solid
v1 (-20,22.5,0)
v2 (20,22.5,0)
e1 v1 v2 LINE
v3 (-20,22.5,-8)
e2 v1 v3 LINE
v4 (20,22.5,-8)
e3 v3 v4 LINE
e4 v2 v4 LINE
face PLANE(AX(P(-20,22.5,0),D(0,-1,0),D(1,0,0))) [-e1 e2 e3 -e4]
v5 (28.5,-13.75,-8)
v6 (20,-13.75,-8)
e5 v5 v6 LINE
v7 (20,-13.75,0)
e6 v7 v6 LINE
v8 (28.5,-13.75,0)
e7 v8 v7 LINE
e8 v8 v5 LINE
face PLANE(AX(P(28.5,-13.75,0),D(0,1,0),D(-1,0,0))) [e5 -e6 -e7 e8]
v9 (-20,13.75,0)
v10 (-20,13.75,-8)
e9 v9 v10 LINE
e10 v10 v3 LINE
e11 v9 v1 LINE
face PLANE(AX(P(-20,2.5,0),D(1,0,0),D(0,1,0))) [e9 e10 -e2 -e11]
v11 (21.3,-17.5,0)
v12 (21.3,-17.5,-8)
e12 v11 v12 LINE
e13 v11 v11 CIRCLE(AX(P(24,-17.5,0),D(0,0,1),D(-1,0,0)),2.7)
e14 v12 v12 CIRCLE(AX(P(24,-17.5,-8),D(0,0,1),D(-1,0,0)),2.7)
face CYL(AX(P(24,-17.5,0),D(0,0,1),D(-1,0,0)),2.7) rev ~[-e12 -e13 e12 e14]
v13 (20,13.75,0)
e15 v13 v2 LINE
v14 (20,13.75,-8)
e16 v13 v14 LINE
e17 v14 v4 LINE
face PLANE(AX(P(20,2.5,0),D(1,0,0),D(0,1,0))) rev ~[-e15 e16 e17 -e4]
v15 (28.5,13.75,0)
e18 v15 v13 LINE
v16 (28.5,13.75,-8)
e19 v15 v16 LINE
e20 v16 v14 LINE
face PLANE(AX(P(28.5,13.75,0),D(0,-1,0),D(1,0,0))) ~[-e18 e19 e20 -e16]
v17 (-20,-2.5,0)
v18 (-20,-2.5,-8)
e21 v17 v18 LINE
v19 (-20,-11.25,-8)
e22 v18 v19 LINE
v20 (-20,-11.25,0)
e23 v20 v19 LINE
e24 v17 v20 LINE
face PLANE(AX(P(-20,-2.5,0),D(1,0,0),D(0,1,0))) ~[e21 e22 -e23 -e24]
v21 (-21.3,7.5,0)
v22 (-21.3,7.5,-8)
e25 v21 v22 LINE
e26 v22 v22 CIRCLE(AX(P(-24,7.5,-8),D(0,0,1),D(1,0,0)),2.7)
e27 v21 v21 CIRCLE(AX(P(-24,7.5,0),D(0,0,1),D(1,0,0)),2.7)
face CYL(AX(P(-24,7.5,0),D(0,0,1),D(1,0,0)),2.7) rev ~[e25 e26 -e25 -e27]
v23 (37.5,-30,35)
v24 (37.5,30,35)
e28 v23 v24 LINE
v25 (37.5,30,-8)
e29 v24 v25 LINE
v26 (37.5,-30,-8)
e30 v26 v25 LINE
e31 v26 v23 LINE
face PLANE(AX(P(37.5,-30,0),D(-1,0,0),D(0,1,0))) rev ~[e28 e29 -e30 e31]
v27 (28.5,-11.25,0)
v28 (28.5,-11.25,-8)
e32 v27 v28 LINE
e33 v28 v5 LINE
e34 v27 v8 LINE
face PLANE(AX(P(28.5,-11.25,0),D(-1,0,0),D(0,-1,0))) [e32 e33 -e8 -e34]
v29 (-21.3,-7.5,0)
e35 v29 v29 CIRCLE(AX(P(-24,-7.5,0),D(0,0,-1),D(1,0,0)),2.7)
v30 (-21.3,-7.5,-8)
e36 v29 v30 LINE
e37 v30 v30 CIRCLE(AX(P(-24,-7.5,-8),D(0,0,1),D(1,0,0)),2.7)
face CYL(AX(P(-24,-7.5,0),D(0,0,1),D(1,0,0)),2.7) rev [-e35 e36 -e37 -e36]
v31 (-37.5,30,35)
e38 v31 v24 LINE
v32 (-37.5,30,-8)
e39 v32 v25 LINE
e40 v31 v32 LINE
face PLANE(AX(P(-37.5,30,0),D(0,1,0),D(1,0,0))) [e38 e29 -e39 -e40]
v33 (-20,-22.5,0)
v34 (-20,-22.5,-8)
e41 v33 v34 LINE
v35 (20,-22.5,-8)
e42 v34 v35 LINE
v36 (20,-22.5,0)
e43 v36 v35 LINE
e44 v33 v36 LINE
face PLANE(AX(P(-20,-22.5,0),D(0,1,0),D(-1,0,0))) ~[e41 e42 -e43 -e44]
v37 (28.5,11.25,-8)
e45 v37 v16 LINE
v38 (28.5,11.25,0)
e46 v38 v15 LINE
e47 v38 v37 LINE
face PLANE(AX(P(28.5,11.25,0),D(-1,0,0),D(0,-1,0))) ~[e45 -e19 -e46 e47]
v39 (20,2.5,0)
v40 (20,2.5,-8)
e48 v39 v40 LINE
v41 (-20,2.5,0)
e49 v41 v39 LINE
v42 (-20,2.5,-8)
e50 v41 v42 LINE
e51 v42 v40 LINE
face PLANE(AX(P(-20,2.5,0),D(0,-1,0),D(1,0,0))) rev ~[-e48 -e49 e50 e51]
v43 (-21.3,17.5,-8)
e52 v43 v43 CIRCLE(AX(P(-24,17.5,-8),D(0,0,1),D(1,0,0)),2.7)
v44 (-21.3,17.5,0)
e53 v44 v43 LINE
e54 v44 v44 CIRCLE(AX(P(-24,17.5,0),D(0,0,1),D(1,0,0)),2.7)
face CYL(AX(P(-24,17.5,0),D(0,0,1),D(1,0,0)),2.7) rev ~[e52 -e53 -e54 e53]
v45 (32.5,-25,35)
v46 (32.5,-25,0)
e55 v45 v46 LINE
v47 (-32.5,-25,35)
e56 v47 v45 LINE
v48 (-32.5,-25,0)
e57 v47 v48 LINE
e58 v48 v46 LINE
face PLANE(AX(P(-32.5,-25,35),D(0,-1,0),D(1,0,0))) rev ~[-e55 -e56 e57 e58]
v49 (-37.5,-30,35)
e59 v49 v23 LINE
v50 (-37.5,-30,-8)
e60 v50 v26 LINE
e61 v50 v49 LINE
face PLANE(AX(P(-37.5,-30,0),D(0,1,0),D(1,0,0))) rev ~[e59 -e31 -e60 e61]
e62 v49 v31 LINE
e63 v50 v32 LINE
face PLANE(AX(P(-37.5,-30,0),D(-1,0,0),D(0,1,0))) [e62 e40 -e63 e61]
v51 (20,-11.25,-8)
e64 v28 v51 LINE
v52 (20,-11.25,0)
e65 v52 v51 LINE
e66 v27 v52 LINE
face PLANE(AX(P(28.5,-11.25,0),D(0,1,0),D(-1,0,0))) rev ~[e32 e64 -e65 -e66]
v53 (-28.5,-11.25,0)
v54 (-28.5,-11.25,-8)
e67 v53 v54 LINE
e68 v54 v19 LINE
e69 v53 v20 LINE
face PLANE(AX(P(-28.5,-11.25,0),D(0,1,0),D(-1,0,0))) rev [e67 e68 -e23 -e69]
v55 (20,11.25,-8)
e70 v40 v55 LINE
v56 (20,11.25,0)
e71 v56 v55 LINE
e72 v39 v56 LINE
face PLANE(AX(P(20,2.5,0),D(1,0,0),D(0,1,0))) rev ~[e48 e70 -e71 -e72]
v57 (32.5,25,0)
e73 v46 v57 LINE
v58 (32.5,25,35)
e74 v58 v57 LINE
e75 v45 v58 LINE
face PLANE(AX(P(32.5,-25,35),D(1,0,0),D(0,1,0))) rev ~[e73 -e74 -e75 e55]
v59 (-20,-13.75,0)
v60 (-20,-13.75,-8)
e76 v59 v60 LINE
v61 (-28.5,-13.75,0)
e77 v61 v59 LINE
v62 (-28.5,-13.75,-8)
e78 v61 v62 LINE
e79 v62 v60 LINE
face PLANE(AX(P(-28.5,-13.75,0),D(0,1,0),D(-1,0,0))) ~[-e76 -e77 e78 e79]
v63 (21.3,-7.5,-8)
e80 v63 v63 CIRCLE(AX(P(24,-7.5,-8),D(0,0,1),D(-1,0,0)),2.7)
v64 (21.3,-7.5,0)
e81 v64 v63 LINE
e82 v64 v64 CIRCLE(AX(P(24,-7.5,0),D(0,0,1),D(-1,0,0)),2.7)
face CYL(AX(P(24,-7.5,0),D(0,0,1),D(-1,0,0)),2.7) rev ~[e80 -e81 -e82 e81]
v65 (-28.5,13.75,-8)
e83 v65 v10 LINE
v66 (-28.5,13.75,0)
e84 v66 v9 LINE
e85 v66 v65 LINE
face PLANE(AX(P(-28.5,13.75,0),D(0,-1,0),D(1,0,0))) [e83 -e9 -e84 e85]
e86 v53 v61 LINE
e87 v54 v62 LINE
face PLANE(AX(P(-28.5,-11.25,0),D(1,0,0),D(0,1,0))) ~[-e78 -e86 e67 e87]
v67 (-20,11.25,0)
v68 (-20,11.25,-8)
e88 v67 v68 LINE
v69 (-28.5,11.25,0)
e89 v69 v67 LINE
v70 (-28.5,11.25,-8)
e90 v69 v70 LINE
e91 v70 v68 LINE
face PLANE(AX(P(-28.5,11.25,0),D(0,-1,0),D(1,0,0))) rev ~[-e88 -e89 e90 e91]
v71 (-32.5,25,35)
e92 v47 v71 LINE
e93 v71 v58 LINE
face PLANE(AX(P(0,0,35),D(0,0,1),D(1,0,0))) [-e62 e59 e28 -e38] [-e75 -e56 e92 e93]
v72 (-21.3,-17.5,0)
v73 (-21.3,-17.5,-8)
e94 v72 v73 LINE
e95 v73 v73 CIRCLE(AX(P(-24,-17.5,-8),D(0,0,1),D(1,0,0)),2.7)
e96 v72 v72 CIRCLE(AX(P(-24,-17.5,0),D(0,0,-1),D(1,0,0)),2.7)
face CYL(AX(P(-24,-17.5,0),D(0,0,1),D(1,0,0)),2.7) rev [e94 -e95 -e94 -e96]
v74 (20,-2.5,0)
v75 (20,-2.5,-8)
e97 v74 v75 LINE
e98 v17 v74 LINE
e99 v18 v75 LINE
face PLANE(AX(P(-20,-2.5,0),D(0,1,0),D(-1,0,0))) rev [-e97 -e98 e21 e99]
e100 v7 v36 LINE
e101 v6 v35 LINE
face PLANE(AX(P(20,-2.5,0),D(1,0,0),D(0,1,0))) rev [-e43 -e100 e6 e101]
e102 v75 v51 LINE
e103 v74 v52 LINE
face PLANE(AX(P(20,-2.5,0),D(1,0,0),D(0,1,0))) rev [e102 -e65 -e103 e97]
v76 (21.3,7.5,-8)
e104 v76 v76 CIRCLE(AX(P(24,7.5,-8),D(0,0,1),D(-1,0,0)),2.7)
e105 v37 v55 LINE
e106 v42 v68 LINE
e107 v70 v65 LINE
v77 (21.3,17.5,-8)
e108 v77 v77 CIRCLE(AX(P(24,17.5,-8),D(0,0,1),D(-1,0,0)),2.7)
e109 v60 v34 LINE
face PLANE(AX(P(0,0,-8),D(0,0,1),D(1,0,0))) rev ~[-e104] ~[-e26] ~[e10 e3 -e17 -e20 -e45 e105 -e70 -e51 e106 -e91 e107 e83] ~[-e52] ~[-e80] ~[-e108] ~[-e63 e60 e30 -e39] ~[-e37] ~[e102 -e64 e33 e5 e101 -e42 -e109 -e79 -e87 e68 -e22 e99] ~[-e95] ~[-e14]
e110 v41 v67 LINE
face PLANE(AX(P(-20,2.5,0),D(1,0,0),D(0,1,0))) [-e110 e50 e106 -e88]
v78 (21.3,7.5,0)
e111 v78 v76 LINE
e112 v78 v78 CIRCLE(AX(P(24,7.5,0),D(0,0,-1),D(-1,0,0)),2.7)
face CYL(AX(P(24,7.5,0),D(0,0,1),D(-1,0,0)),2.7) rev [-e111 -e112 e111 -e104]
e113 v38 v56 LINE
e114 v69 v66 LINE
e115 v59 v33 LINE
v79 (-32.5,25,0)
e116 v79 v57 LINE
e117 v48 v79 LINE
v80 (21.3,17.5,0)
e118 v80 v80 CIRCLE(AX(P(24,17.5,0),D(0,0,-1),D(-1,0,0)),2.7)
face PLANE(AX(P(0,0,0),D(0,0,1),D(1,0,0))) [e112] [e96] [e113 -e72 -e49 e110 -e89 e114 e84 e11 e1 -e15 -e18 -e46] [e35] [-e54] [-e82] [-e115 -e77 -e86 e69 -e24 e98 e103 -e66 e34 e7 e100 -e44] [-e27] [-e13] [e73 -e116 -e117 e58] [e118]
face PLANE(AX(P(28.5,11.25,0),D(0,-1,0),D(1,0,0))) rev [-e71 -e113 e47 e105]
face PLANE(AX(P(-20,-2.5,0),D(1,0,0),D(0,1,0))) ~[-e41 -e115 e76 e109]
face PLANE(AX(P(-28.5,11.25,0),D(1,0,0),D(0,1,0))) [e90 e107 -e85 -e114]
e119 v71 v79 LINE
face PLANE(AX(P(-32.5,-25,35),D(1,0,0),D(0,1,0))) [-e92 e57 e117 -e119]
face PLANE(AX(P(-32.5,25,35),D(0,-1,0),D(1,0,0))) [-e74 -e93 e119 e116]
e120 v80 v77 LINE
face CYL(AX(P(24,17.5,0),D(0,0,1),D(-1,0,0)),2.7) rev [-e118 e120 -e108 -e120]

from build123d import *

# Parameters (mm, degrees)
ESQUISSE1_W               = 75
ESQUISSE1_H               = 60
BOSS_EXTRU_1_DEPTH        = 8
ESQUISSE2_W               = 40
ESQUISSE2_H               = 20
ENL_V_MAT_EXTRU_1_DEPTH   = 8
ESQUISSE3_W               = 8.5
ESQUISSE3_H               = 2.5
ENL_V_MAT_EXTRU_2_DEPTH   = 8
ESQUISSE4_R               = 2.7
ENL_V_MAT_EXTRU_3_DEPTH   = 49.685213361
SYM_TRIE4_COPY_1_SKETCH_W = 8.5
SYM_TRIE4_COPY_1_SKETCH_H = 2.5
SYM_TRIE4_COPY_1_DEPTH    = 8
SYM_TRIE4_COPY_2_SKETCH_R = 2.7
SYM_TRIE4_COPY_2_DEPTH    = 49.685213361
ESQUISSE6_W               = 75
ESQUISSE6_H               = 60
BOSS_EXTRU_2_DEPTH        = 35
ESQUISSE7_W               = 65
ESQUISSE7_H               = 50
ENL_V_MAT_EXTRU_4_DEPTH   = 35


with BuildPart() as part:
    # Esquisse1 → Boss.-Extru.1 (new body)
    with BuildSketch(Plane.XY):
        Rectangle(ESQUISSE1_W, ESQUISSE1_H)
    extrude(amount=-BOSS_EXTRU_1_DEPTH)

    # Esquisse2 → Enlèv. mat.-Extru.1 (cut)
    with BuildSketch(Plane.XY):
        with Locations((0, 12.5)):
            Rectangle(ESQUISSE2_W, ESQUISSE2_H)
    enl_v_mat_extru_1 = extrude(amount=-ENL_V_MAT_EXTRU_1_DEPTH, mode=Mode.SUBTRACT)

    # Esquisse3 → Enlèv. mat.-Extru.2 (cut)
    with BuildSketch(Plane.XY):
        with Locations((-24.25, 12.5)):
            Rectangle(ESQUISSE3_W, ESQUISSE3_H)
    enl_v_mat_extru_2 = extrude(amount=-ENL_V_MAT_EXTRU_2_DEPTH, mode=Mode.SUBTRACT)

    # Esquisse4 → Enlèv. mat.-Extru.3 (cut, through all)
    with BuildSketch(Plane.XY):
        with Locations((-24, 17.5)):
            Circle(ESQUISSE4_R)
        with Locations((-24, 7.5)):
            Circle(ESQUISSE4_R)
    enl_v_mat_extru_3 = extrude(amount=-ENL_V_MAT_EXTRU_3_DEPTH, mode=Mode.SUBTRACT)

    # Symétrie2: Enlèv. mat.-Extru.2, Enlèv. mat.-Extru.3 across plane
    add(enl_v_mat_extru_2.mirror(Plane(origin=(0, 0, 0), x_dir=(0, 0, 1), z_dir=(1, 0, 0))), mode=Mode.SUBTRACT)
    add(enl_v_mat_extru_3.mirror(Plane(origin=(0, 0, 0), x_dir=(0, 0, 1), z_dir=(1, 0, 0))), mode=Mode.SUBTRACT)

    # Symétrie4: Enlèv. mat.-Extru.1, Enlèv. mat.-Extru.2, Enlèv. mat.-Extru.3 across plane
    add(enl_v_mat_extru_1.mirror(Plane.ZX), mode=Mode.SUBTRACT)
    add(enl_v_mat_extru_2.mirror(Plane.ZX), mode=Mode.SUBTRACT)
    add(enl_v_mat_extru_3.mirror(Plane.ZX), mode=Mode.SUBTRACT)

    # Symétrie4 copy 1 sketch → Symétrie4 copy 1 (cut)
    with BuildSketch(Plane(origin=(0, 0, 0), x_dir=(-1, 0, 0), z_dir=(0, 0, 1))):
        with Locations((-24.25, 12.5)):
            Rectangle(SYM_TRIE4_COPY_1_SKETCH_W, SYM_TRIE4_COPY_1_SKETCH_H)
    extrude(amount=-SYM_TRIE4_COPY_1_DEPTH, mode=Mode.SUBTRACT)

    # Symétrie4 copy 2 sketch → Symétrie4 copy 2 (cut, through all)
    with BuildSketch(Plane(origin=(0, 0, 0), x_dir=(-1, 0, 0), z_dir=(0, 0, 1))):
        with Locations((-24, 17.5)):
            Circle(SYM_TRIE4_COPY_2_SKETCH_R)
        with Locations((-24, 7.5)):
            Circle(SYM_TRIE4_COPY_2_SKETCH_R)
    extrude(amount=-SYM_TRIE4_COPY_2_DEPTH, mode=Mode.SUBTRACT)

    # Esquisse6 → Boss.-Extru.2 (add)
    with BuildSketch(Plane.XY):
        Rectangle(ESQUISSE6_W, ESQUISSE6_H)
    extrude(amount=BOSS_EXTRU_2_DEPTH)

    # Esquisse7 → Enlèv. mat.-Extru.4 (cut)
    with BuildSketch(Plane.XY.offset(35)):
        Rectangle(ESQUISSE7_W, ESQUISSE7_H)
    extrude(amount=-ENL_V_MAT_EXTRU_4_DEPTH, mode=Mode.SUBTRACT)


solid = part.part
